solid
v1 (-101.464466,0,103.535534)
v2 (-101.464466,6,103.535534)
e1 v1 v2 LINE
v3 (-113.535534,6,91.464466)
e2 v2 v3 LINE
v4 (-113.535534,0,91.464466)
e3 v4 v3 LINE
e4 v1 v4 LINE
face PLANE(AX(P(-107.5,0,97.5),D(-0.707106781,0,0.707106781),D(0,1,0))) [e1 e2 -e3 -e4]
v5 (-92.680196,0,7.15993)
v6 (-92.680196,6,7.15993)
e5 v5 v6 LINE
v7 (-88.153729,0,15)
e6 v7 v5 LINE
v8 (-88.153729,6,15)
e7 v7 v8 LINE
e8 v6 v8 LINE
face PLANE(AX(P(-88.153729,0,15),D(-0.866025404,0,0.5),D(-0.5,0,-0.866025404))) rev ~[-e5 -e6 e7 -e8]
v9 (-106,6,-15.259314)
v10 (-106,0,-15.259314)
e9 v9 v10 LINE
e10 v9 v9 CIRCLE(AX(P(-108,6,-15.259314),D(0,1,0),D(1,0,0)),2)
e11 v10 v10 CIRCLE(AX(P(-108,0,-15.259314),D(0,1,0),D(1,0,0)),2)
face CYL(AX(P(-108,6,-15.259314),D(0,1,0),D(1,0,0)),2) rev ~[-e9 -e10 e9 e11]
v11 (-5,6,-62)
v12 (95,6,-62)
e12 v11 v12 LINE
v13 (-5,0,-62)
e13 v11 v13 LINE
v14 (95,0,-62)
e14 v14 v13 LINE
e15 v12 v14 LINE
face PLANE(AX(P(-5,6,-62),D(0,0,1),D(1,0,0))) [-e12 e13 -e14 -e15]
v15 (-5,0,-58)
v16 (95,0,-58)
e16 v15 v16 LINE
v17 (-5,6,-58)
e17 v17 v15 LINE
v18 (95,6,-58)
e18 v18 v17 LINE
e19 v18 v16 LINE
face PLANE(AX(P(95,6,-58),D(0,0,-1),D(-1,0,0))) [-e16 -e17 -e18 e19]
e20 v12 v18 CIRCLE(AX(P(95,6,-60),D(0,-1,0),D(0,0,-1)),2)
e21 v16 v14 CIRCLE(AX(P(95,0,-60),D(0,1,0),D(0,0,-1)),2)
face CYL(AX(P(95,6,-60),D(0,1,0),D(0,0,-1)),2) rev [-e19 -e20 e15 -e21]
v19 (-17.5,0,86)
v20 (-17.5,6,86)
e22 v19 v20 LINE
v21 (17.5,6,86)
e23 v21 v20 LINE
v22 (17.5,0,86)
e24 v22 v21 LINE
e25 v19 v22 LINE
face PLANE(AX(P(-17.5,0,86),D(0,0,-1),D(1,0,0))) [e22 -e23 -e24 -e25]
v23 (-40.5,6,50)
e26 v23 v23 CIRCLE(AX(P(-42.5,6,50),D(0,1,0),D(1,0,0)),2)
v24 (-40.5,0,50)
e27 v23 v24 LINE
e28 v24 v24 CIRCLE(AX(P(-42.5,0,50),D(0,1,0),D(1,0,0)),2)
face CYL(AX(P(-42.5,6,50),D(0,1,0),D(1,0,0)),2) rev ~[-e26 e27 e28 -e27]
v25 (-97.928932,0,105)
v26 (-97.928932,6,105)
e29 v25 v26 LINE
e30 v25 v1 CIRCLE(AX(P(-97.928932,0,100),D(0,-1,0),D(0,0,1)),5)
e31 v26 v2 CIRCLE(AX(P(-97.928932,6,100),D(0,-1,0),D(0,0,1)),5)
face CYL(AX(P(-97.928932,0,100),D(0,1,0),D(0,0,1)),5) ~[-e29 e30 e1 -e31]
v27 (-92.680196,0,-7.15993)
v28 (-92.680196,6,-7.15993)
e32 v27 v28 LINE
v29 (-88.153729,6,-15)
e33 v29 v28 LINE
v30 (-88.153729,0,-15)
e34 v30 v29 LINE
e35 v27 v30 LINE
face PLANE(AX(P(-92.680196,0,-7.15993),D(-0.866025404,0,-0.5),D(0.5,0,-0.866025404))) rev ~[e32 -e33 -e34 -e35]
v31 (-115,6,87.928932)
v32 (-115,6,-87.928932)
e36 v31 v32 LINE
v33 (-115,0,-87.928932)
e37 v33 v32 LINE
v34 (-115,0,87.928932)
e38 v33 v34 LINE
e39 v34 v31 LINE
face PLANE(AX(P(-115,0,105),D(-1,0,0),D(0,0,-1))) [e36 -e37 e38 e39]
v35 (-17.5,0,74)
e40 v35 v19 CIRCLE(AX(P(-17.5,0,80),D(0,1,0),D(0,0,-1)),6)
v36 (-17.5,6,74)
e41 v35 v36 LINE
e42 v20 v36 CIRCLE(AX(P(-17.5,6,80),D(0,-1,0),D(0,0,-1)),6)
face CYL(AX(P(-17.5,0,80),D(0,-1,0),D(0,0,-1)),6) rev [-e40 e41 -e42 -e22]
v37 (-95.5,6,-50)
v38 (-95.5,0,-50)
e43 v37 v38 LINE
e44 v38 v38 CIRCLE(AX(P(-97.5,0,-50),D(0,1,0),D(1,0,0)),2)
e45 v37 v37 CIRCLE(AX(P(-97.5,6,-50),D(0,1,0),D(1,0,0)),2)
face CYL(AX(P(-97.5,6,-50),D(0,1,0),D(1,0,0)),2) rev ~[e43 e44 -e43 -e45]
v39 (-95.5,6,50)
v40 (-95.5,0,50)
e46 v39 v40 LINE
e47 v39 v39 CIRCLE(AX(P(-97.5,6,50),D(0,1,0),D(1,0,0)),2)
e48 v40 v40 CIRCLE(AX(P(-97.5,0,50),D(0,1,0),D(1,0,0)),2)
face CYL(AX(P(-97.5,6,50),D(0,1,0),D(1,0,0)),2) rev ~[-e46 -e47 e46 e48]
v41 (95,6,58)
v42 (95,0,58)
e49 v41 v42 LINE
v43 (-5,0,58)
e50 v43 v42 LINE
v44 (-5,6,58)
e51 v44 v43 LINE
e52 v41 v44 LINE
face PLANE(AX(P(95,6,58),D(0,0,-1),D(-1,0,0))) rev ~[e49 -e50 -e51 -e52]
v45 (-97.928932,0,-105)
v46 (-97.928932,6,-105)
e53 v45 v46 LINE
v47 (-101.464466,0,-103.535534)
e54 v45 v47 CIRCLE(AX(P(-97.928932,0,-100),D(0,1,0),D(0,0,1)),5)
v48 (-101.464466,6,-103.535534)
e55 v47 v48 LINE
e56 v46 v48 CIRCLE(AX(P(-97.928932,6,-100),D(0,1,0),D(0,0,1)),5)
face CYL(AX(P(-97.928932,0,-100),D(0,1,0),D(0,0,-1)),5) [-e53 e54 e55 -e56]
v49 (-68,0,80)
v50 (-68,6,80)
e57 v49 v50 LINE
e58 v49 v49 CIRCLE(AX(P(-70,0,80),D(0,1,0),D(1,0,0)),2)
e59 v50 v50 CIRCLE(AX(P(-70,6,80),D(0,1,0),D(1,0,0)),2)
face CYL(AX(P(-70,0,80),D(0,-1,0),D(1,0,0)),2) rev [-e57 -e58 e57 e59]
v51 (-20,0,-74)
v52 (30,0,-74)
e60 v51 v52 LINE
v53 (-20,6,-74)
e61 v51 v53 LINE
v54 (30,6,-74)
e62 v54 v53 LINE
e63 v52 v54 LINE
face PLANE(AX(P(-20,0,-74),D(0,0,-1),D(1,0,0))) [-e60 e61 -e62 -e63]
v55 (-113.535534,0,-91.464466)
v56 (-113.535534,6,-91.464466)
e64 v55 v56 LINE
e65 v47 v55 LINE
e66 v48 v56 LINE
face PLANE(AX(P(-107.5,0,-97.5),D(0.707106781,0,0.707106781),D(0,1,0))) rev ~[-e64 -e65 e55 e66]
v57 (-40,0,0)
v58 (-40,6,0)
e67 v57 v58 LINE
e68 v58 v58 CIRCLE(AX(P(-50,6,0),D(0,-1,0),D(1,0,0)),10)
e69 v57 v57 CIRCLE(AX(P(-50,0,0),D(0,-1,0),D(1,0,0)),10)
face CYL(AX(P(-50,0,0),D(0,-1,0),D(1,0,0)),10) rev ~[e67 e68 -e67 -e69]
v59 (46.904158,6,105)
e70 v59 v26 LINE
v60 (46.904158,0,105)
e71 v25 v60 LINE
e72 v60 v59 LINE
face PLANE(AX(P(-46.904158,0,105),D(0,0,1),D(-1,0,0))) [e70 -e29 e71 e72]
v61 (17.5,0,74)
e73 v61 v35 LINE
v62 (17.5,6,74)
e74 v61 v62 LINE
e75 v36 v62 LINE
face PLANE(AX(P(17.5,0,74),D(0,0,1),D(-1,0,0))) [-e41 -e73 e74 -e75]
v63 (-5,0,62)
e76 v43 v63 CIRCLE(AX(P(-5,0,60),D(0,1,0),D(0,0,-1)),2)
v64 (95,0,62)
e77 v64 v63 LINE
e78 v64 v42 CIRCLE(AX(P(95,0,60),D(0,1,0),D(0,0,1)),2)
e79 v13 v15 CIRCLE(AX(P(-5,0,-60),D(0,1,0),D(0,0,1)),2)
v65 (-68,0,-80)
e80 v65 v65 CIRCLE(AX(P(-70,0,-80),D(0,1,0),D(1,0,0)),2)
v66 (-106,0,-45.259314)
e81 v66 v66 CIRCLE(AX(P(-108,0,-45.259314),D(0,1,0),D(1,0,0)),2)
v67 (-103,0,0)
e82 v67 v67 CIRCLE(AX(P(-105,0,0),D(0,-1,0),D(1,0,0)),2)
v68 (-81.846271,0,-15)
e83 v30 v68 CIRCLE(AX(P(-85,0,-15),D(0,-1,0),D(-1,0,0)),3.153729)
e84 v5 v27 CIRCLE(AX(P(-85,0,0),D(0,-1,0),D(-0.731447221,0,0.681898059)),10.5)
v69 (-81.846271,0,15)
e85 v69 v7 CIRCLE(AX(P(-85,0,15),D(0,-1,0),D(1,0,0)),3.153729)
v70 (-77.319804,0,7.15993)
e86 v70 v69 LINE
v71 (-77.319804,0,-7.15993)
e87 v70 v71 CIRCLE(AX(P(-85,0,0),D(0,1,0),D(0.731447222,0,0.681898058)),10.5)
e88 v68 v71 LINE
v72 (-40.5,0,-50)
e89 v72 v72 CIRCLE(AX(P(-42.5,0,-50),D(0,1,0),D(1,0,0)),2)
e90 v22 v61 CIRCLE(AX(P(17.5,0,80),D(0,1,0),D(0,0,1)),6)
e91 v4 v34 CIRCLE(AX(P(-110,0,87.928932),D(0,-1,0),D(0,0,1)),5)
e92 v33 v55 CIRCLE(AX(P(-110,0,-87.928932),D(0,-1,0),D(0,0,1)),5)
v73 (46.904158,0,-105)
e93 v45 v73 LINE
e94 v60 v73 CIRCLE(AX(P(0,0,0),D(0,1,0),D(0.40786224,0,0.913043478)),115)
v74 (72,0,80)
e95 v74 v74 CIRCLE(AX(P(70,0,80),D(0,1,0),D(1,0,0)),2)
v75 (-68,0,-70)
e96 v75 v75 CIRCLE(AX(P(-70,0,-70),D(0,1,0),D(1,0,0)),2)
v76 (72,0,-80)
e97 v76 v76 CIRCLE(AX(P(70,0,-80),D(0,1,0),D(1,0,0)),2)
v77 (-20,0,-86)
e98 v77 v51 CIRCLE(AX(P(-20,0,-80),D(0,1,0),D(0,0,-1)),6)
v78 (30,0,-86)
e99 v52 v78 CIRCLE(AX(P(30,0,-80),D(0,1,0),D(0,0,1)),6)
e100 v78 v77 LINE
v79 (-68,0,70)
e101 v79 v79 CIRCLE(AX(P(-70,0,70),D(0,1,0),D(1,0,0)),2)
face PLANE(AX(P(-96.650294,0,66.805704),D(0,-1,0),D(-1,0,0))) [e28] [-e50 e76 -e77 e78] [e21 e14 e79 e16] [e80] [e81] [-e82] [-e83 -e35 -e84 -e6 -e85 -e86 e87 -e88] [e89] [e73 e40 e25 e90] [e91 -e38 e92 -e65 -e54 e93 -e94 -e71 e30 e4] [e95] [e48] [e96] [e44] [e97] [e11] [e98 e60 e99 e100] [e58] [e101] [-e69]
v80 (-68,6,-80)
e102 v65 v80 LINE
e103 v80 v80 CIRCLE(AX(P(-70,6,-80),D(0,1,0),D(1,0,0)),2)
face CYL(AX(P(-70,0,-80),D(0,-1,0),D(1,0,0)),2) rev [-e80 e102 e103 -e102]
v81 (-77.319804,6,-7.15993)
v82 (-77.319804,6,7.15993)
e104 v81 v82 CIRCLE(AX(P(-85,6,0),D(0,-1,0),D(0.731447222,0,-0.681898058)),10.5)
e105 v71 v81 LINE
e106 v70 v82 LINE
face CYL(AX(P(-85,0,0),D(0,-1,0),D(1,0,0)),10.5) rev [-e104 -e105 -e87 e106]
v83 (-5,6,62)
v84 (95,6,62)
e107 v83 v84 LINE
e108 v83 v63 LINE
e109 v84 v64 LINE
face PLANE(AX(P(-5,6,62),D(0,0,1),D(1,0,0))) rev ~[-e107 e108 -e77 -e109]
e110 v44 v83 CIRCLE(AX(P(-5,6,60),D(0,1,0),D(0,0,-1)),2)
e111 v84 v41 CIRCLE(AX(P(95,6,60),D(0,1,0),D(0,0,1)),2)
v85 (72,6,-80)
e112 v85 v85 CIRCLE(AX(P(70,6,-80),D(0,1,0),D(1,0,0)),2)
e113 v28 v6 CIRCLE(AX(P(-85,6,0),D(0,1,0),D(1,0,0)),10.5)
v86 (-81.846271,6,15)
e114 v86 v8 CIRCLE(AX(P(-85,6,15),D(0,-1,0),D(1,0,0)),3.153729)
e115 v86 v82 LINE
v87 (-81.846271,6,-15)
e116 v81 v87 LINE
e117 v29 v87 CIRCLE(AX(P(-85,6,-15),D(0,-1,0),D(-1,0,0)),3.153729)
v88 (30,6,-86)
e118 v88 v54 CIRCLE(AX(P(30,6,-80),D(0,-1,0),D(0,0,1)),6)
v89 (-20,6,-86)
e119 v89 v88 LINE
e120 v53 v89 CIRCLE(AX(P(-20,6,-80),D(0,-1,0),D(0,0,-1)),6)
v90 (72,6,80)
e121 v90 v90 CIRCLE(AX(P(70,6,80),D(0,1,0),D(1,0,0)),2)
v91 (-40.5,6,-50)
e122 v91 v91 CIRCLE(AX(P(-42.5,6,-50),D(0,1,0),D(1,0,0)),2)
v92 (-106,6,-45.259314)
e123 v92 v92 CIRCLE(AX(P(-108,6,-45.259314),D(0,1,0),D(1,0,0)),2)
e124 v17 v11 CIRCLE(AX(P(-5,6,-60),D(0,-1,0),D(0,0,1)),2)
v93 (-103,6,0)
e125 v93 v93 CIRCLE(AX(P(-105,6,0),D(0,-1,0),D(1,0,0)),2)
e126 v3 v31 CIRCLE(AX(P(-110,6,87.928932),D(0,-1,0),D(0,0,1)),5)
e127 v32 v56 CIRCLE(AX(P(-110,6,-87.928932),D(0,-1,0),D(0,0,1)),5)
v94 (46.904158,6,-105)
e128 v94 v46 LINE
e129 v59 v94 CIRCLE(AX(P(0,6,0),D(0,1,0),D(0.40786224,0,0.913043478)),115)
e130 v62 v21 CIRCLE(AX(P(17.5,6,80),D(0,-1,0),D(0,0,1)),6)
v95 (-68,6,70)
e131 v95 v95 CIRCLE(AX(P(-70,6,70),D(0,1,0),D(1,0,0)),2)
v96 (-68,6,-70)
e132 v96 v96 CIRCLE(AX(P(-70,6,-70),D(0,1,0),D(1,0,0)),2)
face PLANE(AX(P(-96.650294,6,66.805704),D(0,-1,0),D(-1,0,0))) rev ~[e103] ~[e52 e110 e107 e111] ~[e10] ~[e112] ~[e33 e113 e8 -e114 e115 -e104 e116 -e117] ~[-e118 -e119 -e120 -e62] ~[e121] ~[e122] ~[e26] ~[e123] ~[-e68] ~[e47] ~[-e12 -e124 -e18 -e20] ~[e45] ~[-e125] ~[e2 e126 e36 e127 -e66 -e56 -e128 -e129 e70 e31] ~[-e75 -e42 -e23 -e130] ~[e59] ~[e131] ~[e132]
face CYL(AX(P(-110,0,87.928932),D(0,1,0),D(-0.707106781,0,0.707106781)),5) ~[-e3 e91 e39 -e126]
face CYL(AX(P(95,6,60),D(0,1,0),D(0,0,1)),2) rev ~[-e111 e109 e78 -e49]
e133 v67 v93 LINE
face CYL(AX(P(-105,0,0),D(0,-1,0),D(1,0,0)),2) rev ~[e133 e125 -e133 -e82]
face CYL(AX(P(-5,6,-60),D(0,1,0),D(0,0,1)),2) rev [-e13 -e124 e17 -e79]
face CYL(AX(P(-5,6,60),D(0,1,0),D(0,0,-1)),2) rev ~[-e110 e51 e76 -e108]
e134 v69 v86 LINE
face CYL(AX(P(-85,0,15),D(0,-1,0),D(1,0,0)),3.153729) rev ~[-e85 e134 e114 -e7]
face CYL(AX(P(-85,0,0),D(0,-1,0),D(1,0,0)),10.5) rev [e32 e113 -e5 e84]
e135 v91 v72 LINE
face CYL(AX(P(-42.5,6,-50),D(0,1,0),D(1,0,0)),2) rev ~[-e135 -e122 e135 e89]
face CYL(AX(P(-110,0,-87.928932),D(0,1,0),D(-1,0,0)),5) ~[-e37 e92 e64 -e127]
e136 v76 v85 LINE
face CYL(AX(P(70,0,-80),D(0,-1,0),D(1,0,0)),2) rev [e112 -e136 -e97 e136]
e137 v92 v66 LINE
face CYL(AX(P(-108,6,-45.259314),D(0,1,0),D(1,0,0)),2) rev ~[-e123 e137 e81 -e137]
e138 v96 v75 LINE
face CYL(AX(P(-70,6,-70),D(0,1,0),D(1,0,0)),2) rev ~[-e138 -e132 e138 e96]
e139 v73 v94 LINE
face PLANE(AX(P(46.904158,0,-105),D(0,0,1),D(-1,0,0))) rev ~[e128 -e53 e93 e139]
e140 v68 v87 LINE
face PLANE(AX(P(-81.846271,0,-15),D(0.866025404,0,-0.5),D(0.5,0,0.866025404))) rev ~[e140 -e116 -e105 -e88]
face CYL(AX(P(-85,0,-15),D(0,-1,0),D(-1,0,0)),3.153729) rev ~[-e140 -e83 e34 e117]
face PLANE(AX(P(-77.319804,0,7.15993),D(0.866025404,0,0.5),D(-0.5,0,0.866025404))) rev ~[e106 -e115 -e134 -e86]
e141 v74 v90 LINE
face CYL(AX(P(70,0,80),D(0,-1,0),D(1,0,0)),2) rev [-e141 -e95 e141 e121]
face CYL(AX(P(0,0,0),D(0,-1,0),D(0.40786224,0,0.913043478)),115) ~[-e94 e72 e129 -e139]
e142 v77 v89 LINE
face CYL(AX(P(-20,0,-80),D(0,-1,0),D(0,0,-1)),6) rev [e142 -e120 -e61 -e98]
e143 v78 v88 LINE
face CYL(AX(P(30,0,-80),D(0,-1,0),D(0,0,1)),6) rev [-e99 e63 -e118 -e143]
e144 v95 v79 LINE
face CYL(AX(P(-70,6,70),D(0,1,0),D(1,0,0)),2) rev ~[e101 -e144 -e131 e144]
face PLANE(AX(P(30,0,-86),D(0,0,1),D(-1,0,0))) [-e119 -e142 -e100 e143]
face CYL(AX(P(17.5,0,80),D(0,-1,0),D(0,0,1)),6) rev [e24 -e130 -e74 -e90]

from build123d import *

# Parameters (mm, degrees)
SKETCH1_R           = 2
SKETCH1_R_2         = 10.5
BOSS_EXTRUDE1_DEPTH = 6
SKETCH2_R           = 10
SKETCH2_R_2         = 2
CUT_EXTRUDE2_DEPTH  = 19
BOSS_EXTRUDE2_DEPTH = 6
CHAMFER1_SIZE       = 15
FILLET1_R           = 5
SKETCH4_R           = 2
CUT_EXTRUDE3_DEPTH  = 10
CUT_EXTRUDE4_DEPTH  = 10


with BuildPart() as part:
    # Sketch1 → Boss-Extrude1 (new body)
    with BuildSketch(Plane(origin=(0, 0, 0), x_dir=(1, 0, 0), z_dir=(0, 1, 0))):
        with BuildLine():
            Line((-46.904157598, -105), (46.904157598, -105))
            ThreePointArc((46.904157598, -105), (115, 0), (46.904157598, 105))
            Line((46.904157598, 105), (-46.904157598, 105))
            ThreePointArc((-46.904157598, 105), (-115, 0), (-46.904157598, -105))
        make_face()
        with Locations((-70, 80)):
            Circle(SKETCH1_R, mode=Mode.SUBTRACT)
        with Locations((70, 80)):
            Circle(SKETCH1_R, mode=Mode.SUBTRACT)
        with Locations((70, -80)):
            Circle(SKETCH1_R, mode=Mode.SUBTRACT)
        with Locations((-70, -80)):
            Circle(SKETCH1_R, mode=Mode.SUBTRACT)
        with Locations((-85, 0)):
            Circle(SKETCH1_R_2, mode=Mode.SUBTRACT)
    extrude(amount=BOSS_EXTRUDE1_DEPTH)

    # Sketch2 → Cut-Extrude2 (cut)
    with BuildSketch(Plane.XZ):
        with Locations((-50, 0)):
            Circle(SKETCH2_R)
        with Locations((-105, 0)):
            Circle(SKETCH2_R_2)
        with BuildLine():
            Line((-88.153729078, 15), (-92.680195826, 7.159929613))
            ThreePointArc((-92.680195826, 7.159929613), (-95.5, 0), (-92.680195826, -7.159929613))
            Line((-92.680195826, -7.159929613), (-88.153729078, -15))
            ThreePointArc((-88.153729078, -15), (-85, -18.153729078), (-81.846270922, -15))
            Line((-81.846270922, -15), (-77.319804174, -7.159929613))
            ThreePointArc((-77.319804174, -7.159929613), (-74.5, 0), (-77.319804174, 7.159929613))
            Line((-77.319804174, 7.159929613), (-81.846270922, 15))
            ThreePointArc((-81.846270922, 15), (-85, 18.153729078), (-88.153729078, 15))
        make_face()
        with BuildLine():
            Line((-20, -74), (30, -74))
            ThreePointArc((30, -74), (36, -80), (30, -86))
            Line((30, -86), (-20, -86))
            ThreePointArc((-20, -86), (-26, -80), (-20, -74))
        make_face()
        with BuildLine():
            Line((17.5, 74), (-17.5, 74))
            ThreePointArc((-17.5, 74), (-23.5, 80), (-17.5, 86))
            Line((-17.5, 86), (17.5, 86))
            ThreePointArc((17.5, 86), (23.5, 80), (17.5, 74))
        make_face()
    extrude(amount=-CUT_EXTRUDE2_DEPTH, mode=Mode.SUBTRACT)

    # Sketch3 → Boss-Extrude2 (add)
    with BuildSketch(Plane(origin=(0, 0, 0), x_dir=(-1, 0, 0), z_dir=(0, -1, 0))):
        with BuildLine():
            ThreePointArc((115, 0), (96.485693561, -62.574043645), (46.904157598, -105))
            Line((46.904157598, -105), (115, -105))
            Line((115, -105), (115, 0))
        make_face()
        with BuildLine():
            ThreePointArc((46.904157598, 105), (96.485693561, 62.574043645), (115, 0))
            Line((115, 0), (115, 105))
            Line((115, 105), (46.904157598, 105))
        make_face()
    extrude(amount=-BOSS_EXTRUDE2_DEPTH)

    # Chamfer1
    chamfer1_edges = [part.edges().sort_by_distance(p)[0] for p in [
        (-115, 3, 105),
        (-115, 3, -105),
    ]]
    chamfer(chamfer1_edges, length=CHAMFER1_SIZE)

    # Fillet1
    fillet1_edges = [part.edges().sort_by_distance(p)[0] for p in [
        (-115, 3, 90),
        (-115, 3, -90),
        (-100, 3, -105),
        (-100, 3, 105),
    ]]
    fillet(fillet1_edges, radius=FILLET1_R)

    # Sketch4 → Cut-Extrude3 (cut)
    with BuildSketch(Plane(origin=(0, 6, 0), x_dir=(1, 0, 0), z_dir=(0, 1, 0))):
        with Locations((-42.5, -50)):
            Circle(SKETCH4_R)
        with Locations((-97.5, -50)):
            Circle(SKETCH4_R)
        with Locations((-97.5, 50)):
            Circle(SKETCH4_R)
        with Locations((-42.5, 50)):
            Circle(SKETCH4_R)
        with Locations((-70, 70)):
            Circle(SKETCH4_R)
        with Locations((-70, -70)):
            Circle(SKETCH4_R)
        with Locations((-108, 15.259313515)):
            Circle(SKETCH4_R)
        with Locations((-108, 45.259313515)):
            Circle(SKETCH4_R)
    extrude(amount=-CUT_EXTRUDE3_DEPTH, mode=Mode.SUBTRACT)

    # Sketch5 → Cut-Extrude4 (cut)
    with BuildSketch(Plane(origin=(0, 6, 0), x_dir=(1, 0, 0), z_dir=(0, 1, 0))):
        with BuildLine():
            Line((-5, 62), (95, 62))
            ThreePointArc((95, 62), (97, 60), (95, 58))
            Line((95, 58), (-5, 58))
            ThreePointArc((-5, 58), (-7, 60), (-5, 62))
        make_face()
        with BuildLine():
            Line((-5, -62), (95, -62))
            ThreePointArc((95, -62), (97, -60), (95, -58))
            Line((95, -58), (-5, -58))
            ThreePointArc((-5, -58), (-7, -60), (-5, -62))
        make_face()
    extrude(amount=-CUT_EXTRUDE4_DEPTH, mode=Mode.SUBTRACT)


solid = part.part
